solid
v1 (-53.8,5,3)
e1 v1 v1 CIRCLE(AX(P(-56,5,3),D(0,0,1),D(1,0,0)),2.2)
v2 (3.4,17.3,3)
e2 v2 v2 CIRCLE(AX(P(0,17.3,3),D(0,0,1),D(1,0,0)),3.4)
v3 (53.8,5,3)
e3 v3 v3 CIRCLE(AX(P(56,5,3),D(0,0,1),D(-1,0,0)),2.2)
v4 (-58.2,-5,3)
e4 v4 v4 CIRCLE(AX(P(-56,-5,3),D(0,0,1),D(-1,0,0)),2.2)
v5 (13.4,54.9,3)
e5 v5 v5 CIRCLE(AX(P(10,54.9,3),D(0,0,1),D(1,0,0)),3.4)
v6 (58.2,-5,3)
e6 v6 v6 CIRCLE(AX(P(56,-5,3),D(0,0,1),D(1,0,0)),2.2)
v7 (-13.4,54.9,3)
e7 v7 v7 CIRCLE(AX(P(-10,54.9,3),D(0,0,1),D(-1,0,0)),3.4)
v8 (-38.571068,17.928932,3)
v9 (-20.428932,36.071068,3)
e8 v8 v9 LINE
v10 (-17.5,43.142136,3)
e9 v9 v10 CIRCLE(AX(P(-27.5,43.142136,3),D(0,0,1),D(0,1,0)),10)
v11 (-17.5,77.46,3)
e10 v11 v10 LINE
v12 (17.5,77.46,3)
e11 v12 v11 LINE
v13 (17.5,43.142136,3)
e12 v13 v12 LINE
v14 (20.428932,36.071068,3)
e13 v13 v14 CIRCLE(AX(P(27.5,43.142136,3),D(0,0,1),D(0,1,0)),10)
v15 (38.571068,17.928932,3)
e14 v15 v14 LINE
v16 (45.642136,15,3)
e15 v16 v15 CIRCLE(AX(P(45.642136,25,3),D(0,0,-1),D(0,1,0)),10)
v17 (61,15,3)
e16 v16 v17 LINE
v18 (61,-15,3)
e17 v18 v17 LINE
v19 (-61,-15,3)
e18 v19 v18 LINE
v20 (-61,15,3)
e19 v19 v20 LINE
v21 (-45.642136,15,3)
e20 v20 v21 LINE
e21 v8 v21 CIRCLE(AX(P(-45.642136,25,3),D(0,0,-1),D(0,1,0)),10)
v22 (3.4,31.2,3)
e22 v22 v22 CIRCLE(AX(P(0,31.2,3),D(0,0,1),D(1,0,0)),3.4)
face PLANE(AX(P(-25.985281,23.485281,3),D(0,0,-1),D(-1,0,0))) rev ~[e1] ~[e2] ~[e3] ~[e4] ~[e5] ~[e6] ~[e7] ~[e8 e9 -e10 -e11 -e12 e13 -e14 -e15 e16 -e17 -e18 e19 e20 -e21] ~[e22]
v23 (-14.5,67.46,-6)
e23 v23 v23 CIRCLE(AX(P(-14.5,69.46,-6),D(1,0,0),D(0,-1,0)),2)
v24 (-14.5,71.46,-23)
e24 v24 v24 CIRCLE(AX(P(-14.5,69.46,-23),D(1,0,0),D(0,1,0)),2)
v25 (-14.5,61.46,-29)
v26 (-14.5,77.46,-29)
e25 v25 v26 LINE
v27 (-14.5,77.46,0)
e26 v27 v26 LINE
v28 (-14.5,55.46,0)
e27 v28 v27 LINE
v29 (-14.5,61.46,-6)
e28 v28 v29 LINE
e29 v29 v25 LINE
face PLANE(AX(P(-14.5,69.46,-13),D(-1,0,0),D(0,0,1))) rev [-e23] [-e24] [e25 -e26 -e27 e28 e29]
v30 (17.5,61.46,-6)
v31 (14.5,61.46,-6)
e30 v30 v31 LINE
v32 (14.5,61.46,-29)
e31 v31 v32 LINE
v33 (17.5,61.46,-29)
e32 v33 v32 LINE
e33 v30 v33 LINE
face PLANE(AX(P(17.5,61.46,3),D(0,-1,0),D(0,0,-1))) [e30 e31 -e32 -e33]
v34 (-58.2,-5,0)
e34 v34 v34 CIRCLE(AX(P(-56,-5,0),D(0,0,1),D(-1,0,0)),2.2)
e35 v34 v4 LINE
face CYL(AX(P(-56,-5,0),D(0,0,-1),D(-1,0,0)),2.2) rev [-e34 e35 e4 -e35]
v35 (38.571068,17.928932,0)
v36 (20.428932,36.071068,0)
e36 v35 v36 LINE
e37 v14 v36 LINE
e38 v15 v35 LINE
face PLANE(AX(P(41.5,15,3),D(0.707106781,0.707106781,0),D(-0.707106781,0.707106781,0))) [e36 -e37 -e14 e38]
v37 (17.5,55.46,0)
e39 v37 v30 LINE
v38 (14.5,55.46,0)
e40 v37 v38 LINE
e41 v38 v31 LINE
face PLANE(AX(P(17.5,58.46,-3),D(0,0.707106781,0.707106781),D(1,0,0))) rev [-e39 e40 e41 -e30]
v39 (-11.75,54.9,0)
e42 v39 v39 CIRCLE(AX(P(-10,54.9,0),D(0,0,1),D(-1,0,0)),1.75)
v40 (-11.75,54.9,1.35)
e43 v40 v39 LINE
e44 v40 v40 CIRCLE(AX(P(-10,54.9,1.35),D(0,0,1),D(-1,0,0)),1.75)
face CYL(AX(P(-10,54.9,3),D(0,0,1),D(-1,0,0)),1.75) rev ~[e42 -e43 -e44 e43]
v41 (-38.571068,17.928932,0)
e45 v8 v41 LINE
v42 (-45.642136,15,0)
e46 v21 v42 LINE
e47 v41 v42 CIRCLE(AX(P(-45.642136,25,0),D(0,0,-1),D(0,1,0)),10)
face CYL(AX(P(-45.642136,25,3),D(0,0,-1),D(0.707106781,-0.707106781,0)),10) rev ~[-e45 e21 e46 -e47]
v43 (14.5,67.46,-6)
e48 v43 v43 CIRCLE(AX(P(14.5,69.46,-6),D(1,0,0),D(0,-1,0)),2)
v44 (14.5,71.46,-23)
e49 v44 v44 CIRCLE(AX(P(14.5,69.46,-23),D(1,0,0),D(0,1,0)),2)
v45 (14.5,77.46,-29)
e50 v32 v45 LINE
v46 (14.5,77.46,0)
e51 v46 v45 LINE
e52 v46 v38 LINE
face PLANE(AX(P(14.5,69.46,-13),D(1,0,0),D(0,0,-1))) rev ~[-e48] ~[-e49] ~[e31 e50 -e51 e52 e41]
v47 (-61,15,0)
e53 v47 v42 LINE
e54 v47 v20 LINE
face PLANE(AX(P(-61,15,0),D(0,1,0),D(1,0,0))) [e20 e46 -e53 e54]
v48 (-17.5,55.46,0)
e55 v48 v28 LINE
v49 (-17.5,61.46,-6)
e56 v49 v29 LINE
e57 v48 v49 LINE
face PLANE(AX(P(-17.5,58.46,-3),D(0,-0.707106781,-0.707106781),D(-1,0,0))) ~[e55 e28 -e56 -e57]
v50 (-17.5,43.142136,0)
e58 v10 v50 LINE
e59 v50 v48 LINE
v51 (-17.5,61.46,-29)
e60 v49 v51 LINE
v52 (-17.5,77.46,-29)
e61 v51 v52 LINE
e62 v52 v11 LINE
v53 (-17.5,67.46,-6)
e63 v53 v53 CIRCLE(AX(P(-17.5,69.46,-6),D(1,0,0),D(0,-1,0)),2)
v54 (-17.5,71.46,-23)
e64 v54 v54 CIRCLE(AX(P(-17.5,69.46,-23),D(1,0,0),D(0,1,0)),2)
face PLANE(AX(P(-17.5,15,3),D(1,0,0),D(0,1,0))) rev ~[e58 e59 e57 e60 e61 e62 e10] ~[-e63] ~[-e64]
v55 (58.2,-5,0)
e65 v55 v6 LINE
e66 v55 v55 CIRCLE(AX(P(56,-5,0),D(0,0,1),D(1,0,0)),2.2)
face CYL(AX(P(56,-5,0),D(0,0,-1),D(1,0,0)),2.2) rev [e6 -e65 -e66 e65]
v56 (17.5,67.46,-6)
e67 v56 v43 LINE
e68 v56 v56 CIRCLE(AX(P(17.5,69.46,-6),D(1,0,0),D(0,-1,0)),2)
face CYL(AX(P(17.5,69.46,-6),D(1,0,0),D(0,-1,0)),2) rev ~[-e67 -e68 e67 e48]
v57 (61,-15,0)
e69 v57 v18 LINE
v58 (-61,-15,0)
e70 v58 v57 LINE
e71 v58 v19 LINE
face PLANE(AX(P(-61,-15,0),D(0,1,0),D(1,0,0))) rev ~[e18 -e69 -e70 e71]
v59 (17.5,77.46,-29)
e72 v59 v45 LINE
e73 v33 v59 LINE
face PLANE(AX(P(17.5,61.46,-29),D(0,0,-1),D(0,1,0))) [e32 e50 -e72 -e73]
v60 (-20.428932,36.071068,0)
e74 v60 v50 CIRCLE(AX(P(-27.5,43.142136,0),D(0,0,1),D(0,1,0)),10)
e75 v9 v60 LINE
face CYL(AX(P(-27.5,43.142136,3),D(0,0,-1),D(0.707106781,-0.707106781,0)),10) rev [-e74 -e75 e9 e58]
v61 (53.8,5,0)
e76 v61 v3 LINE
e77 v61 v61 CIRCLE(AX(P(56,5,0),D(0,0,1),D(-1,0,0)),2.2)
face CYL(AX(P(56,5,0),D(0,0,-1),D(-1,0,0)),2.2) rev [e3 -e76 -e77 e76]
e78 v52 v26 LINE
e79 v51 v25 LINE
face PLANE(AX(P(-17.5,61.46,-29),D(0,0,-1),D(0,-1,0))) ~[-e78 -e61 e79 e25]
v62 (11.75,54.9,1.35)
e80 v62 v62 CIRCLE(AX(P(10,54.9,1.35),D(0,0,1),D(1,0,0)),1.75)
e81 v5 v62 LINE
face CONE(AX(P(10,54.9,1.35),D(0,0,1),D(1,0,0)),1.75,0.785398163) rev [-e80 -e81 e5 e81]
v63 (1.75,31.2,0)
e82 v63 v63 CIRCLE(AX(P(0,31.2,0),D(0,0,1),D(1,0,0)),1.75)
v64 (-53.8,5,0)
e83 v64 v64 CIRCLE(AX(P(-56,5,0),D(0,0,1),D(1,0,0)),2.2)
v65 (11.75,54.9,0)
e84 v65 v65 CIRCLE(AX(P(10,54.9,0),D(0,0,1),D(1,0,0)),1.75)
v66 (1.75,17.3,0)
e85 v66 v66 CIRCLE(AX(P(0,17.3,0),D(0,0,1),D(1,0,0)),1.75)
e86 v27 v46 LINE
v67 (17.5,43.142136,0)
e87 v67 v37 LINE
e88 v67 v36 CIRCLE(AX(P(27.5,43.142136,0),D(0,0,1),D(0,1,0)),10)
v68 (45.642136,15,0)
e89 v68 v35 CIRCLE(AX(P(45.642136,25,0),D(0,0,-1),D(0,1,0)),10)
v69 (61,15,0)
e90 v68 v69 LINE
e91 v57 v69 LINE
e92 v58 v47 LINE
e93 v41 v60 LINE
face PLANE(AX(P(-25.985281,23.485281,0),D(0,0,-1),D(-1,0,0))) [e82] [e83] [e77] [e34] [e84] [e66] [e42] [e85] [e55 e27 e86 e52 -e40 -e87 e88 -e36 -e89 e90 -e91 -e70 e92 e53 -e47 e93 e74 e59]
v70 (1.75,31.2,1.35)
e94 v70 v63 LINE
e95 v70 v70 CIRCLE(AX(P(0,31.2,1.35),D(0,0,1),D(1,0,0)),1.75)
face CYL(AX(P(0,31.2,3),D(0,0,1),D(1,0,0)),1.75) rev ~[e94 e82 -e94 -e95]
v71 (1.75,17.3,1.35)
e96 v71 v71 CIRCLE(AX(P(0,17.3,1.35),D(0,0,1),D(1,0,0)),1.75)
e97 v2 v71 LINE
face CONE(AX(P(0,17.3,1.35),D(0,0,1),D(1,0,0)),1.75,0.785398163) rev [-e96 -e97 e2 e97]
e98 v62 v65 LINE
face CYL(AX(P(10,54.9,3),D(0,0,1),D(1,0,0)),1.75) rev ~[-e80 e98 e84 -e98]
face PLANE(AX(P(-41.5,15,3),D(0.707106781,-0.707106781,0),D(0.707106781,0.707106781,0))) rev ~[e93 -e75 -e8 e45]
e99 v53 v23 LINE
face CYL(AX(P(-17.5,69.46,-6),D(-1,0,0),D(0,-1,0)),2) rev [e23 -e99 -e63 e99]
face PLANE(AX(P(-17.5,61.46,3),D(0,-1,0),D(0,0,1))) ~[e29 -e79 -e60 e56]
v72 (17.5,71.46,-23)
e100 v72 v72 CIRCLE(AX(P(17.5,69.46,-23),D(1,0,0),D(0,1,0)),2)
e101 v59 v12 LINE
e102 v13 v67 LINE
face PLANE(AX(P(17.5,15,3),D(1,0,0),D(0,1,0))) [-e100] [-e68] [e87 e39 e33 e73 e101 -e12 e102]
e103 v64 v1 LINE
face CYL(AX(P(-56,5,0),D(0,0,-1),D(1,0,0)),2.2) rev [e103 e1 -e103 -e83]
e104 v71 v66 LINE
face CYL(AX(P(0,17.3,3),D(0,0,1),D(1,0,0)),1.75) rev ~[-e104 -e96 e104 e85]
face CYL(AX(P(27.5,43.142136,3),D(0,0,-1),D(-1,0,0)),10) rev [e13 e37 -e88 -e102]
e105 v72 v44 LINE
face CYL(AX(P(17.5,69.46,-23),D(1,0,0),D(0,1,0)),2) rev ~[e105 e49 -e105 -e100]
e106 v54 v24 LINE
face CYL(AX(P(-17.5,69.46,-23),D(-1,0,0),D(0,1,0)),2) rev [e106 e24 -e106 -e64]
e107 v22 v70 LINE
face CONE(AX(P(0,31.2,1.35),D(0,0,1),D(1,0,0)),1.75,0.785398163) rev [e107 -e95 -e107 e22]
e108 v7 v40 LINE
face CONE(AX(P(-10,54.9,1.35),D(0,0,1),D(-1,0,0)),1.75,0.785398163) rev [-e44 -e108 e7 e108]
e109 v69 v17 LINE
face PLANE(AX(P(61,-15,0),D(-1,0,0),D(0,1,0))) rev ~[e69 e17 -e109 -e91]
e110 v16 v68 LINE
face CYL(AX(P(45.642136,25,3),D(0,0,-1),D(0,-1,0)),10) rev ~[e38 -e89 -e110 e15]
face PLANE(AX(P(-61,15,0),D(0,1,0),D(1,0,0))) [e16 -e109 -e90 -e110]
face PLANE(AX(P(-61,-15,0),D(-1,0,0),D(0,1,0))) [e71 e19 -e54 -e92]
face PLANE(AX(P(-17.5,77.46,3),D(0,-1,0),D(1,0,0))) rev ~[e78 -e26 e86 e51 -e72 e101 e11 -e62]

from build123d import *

# Parameters (mm, degrees)
SKETCH1_W           = 122
SKETCH1_H           = 30
SKETCH1_R           = 2.2
BOSS_EXTRUDE1_DEPTH = 3
SKETCH2_W           = 35
SKETCH2_H           = 62.46
SKETCH2_R           = 1.75
BOSS_EXTRUDE2_DEPTH = 3
BOSS_EXTRUDE3_DEPTH = 3
FILLET1_R           = 10
CHAMFER1_SIZE       = 1.65
SKETCH4_W           = 32
SKETCH4_H           = 16
SKETCH4_R           = 2
BOSS_EXTRUDE4_DEPTH = 3
CHAMFER2_SIZE       = 6


with BuildPart() as part:
    # Sketch1 → Boss-Extrude1 (new body)
    with BuildSketch(Plane.XY):
        Rectangle(SKETCH1_W, SKETCH1_H)
        with Locations((-56, 5)):
            Circle(SKETCH1_R, mode=Mode.SUBTRACT)
        with Locations(Location((-56, -5, 0), (0, 0, 180))):
            Circle(SKETCH1_R, mode=Mode.SUBTRACT)
        with Locations((56, -5)):
            Circle(SKETCH1_R, mode=Mode.SUBTRACT)
        with Locations(Location((56, 5, 0), (0, 0, 180))):
            Circle(SKETCH1_R, mode=Mode.SUBTRACT)
    extrude(amount=BOSS_EXTRUDE1_DEPTH)

    # Sketch2 → Boss-Extrude2 (add)
    with BuildSketch(Plane.XY.offset(3)):
        with Locations((0, 46.23)):
            Rectangle(SKETCH2_W, SKETCH2_H)
        with Locations((0, 17.3)):
            Circle(SKETCH2_R, mode=Mode.SUBTRACT)
        with Locations((10, 54.9)):
            Circle(SKETCH2_R, mode=Mode.SUBTRACT)
        with Locations((0, 31.2)):
            Circle(SKETCH2_R, mode=Mode.SUBTRACT)
        with Locations(Location((-10, 54.9, 0), (0, 0, 180))):
            Circle(SKETCH2_R, mode=Mode.SUBTRACT)
    extrude(amount=-BOSS_EXTRUDE2_DEPTH)

    # Sketch3 → Boss-Extrude3 (add)
    with BuildSketch(Plane.XY.offset(3)):
        Polygon((-41.5, 15), (-17.5, 39), (-17.5, 15), align=None)
        Polygon((17.5, 39), (17.5, 15), (41.5, 15), align=None)
    extrude(amount=-BOSS_EXTRUDE3_DEPTH)

    # Fillet1
    fillet1_edges = [part.edges().sort_by_distance(p)[0] for p in [
        (-41.5, 15, 1.5),
        (-17.5, 39, 1.5),
        (17.5, 39, 1.5),
        (41.5, 15, 1.5),
    ]]
    fillet(fillet1_edges, radius=FILLET1_R)

    # Chamfer1
    chamfer1_edges = [part.edges().sort_by_distance(p)[0] for p in [
        (-1.75, 17.3, 3),
        (8.25, 54.9, 3),
        (-1.75, 31.2, 3),
        (-8.25, 54.9, 3),
    ]]
    chamfer(chamfer1_edges, length=CHAMFER1_SIZE)

    # Sketch4 → Boss-Extrude4 (add)
    with BuildSketch(Plane(origin=(17.5, 0, 0), x_dir=(0, 0, -1), z_dir=(1, 0, 0))):
        with Locations((13, 69.46)):
            Rectangle(SKETCH4_W, SKETCH4_H)
        with Locations(Location((23, 69.46, 0), (0, 0, 90))):
            Circle(SKETCH4_R, mode=Mode.SUBTRACT)
        with Locations(Location((6, 69.46, 0), (0, 0, 270))):
            Circle(SKETCH4_R, mode=Mode.SUBTRACT)
    boss_extrude4 = extrude(amount=-BOSS_EXTRUDE4_DEPTH)

    # Mirror1: Boss-Extrude4 across plane
    add(boss_extrude4.mirror(Plane(origin=(0, 0, 0), x_dir=(0, 0, 1), z_dir=(1, 0, 0))))

    # Chamfer2
    chamfer2_edges = [part.edges().sort_by_distance(p)[0] for p in [
        (16, 61.46, 0),
        (-16, 61.46, 0),
    ]]
    chamfer(chamfer2_edges, length=CHAMFER2_SIZE)


solid = part.part
